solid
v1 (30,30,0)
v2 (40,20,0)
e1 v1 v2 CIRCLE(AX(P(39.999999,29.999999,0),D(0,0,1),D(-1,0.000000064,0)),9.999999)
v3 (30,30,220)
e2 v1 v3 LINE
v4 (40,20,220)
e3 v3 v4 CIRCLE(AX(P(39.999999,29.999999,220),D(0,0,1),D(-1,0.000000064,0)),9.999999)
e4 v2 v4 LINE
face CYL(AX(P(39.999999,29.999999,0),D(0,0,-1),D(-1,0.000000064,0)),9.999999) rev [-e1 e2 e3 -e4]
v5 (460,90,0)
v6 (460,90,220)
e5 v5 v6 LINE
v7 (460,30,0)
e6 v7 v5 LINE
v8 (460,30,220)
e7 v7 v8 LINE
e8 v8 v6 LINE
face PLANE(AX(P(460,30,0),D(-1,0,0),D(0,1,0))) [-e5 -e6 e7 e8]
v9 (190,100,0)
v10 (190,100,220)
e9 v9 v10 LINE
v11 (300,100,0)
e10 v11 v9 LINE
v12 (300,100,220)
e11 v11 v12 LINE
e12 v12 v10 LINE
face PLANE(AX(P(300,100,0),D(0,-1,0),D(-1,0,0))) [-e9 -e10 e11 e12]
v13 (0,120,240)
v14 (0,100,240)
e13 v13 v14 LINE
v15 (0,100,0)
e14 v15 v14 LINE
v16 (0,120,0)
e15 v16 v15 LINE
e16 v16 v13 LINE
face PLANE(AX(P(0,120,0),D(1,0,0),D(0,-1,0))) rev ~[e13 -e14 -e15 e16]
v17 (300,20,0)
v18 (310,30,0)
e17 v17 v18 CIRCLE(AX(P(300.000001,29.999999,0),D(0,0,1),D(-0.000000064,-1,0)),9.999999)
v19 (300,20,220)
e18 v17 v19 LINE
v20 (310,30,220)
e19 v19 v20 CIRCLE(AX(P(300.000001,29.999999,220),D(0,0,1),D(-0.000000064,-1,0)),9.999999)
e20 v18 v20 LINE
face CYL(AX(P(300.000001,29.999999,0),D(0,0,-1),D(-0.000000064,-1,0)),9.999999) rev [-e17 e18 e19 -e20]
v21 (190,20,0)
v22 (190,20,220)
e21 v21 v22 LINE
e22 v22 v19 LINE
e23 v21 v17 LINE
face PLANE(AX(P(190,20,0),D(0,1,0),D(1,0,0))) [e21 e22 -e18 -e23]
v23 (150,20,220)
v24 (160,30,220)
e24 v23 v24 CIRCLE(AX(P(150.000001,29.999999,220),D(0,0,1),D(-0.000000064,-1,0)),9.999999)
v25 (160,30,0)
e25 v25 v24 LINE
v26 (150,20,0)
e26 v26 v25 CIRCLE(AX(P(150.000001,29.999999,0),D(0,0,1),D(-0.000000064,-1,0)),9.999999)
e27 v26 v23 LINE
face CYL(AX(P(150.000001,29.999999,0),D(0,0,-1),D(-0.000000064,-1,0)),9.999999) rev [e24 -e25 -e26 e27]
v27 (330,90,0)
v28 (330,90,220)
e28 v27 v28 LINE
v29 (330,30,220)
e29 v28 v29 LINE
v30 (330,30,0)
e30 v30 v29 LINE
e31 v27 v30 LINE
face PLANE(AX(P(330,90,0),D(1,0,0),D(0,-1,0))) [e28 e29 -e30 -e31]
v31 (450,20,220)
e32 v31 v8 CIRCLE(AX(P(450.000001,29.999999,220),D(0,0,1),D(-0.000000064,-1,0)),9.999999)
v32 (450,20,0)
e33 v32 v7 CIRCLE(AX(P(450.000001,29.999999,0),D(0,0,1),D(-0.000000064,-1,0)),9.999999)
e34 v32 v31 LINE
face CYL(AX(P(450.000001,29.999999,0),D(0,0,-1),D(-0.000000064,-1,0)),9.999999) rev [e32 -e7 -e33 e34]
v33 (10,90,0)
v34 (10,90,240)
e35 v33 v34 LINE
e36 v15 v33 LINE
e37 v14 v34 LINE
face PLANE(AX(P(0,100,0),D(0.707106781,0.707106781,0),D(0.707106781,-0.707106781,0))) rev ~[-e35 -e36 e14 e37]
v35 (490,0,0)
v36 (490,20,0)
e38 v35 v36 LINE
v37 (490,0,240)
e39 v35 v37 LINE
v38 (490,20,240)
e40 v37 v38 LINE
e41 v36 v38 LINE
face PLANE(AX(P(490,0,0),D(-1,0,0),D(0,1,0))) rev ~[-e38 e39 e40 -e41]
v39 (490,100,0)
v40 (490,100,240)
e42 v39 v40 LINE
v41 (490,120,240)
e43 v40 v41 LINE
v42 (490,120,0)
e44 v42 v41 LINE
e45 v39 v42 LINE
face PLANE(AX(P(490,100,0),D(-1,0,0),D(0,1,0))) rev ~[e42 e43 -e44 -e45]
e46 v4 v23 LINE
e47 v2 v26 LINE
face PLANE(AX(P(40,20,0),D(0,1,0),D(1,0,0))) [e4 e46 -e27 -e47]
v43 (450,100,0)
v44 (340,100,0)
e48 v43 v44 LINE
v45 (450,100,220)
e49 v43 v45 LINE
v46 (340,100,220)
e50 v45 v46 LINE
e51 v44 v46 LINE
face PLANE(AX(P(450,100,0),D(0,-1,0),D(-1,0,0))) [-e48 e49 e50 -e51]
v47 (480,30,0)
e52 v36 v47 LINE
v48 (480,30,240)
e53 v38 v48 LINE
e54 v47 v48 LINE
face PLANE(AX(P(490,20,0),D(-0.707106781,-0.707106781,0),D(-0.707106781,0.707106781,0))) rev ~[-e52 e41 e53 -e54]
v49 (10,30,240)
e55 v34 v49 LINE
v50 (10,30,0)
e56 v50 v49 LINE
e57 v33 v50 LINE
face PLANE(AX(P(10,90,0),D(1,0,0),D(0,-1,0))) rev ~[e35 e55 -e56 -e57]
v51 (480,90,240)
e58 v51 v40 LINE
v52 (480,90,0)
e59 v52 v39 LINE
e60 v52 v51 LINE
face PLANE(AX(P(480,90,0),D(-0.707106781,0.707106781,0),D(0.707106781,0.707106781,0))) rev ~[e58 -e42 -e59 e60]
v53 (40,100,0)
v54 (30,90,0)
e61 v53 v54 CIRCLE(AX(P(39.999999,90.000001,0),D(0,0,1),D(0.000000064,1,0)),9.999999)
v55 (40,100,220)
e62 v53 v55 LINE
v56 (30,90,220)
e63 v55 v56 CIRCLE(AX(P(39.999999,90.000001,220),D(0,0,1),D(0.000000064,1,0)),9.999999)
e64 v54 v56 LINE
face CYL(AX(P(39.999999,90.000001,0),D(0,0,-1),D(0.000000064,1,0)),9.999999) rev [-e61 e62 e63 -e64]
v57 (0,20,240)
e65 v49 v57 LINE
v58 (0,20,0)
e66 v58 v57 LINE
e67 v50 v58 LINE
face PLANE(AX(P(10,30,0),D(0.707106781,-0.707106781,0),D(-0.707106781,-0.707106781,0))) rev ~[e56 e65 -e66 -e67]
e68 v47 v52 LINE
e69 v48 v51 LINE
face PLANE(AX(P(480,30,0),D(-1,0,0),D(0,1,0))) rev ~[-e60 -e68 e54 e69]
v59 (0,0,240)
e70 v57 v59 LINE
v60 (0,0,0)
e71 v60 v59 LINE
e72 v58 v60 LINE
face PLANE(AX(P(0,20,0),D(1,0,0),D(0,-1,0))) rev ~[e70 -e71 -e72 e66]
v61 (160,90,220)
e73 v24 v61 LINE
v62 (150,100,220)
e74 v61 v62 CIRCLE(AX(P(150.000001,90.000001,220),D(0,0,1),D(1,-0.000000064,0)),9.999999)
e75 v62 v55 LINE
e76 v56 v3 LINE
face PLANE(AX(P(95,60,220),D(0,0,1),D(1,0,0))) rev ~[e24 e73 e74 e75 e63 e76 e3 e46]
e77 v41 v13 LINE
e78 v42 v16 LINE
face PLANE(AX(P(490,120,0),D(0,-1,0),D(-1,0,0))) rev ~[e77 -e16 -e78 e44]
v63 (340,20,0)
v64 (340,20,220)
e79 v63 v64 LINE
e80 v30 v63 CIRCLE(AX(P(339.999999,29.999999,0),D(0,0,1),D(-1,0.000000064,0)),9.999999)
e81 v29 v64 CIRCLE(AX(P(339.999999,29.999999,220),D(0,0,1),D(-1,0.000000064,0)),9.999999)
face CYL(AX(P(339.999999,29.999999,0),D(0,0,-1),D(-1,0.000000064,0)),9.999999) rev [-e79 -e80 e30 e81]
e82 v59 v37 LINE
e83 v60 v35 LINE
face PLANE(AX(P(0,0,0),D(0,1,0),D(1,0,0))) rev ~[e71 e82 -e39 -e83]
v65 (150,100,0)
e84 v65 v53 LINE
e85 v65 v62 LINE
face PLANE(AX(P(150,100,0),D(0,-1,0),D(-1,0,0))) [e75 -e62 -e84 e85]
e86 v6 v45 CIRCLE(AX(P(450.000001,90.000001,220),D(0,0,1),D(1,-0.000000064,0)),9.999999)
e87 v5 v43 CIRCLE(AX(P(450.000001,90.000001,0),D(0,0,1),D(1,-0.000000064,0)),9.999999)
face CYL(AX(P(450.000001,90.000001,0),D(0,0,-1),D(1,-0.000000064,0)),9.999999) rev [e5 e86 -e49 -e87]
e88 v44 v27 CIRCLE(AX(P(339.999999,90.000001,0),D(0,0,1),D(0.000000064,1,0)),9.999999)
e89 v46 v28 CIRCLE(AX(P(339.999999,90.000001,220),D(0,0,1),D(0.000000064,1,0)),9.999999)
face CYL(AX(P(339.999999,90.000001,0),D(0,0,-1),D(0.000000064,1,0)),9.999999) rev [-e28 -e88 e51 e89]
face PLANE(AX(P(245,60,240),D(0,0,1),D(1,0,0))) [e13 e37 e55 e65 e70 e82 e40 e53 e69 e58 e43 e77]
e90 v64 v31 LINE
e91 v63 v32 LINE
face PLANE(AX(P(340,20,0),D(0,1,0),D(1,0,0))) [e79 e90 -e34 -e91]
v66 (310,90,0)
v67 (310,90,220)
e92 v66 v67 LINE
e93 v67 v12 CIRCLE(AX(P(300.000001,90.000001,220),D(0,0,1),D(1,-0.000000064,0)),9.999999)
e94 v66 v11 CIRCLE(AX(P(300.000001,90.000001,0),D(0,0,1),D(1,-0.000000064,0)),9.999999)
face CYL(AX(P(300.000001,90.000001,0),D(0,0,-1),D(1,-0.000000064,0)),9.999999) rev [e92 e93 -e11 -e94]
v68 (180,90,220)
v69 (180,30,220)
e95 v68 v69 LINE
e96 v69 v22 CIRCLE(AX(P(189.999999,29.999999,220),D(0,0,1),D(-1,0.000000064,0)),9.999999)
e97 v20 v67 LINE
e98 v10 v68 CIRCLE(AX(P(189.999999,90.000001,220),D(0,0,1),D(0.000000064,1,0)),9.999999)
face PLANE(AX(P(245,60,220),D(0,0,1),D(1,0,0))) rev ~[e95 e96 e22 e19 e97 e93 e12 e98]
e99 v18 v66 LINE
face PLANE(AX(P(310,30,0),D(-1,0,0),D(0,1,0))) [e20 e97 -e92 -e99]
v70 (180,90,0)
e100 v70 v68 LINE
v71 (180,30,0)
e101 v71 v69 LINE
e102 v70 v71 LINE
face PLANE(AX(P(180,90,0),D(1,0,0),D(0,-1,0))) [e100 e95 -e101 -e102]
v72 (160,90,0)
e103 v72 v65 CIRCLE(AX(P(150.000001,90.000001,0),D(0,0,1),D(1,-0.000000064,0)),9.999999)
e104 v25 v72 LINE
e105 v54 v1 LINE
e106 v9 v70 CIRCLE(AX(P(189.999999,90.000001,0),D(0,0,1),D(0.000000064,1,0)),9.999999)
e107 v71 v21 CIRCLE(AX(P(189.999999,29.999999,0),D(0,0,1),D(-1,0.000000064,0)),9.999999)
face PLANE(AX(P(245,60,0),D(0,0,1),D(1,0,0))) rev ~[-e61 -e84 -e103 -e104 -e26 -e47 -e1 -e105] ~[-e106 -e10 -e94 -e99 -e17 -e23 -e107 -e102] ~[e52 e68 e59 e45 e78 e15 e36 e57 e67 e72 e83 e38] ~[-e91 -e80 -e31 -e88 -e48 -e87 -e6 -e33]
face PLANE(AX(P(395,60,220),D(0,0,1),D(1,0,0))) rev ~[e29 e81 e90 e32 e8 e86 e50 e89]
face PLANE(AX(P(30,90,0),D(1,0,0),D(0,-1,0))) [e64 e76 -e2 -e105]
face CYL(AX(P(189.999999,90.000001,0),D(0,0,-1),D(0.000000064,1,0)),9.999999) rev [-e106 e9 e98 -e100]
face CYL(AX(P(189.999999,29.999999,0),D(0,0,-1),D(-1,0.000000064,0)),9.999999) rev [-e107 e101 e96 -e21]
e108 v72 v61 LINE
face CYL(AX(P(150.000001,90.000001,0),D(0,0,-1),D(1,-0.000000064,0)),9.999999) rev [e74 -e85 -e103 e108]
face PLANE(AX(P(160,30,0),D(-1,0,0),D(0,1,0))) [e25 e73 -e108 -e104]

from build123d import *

# Parameters (mm, degrees)
F1_DEPTH = 240
F2_DEPTH = 220


with BuildPart() as f1:
    # F0 (on Top) → F1 (new body)
    with BuildSketch(Plane.XY):
        Polygon((0, 20), (0, 0), (490, 0), (490, 20), (480, 30), (480, 60), (480, 90), (490, 100), (490, 120), (0, 120), (0, 100), (10, 90), (10, 60), (10, 30), align=None)
        with BuildLine():
            ThreePointArc((30, 90), (32.928932, 97.071068), (40, 100))
            Line((40, 100), (150, 100))
            ThreePointArc((150, 100), (157.071068, 97.071068), (160, 90))
            Line((160, 90), (160, 30))
            ThreePointArc((160, 30), (157.071068, 22.928932), (150, 20))
            Line((150, 20), (40, 20))
            ThreePointArc((40, 20), (32.928932, 22.928932), (30, 30))
            Line((30, 30), (30, 90))
        make_face(mode=Mode.SUBTRACT)
        with BuildLine():
            ThreePointArc((180, 90), (182.928932, 97.071068), (190, 100))
            Line((190, 100), (300, 100))
            ThreePointArc((300, 100), (307.071068, 97.071068), (310, 90))
            Line((310, 90), (310, 30))
            ThreePointArc((310, 30), (307.071068, 22.928932), (300, 20))
            Line((300, 20), (190, 20))
            ThreePointArc((190, 20), (182.928932, 22.928932), (180, 30))
            Line((180, 30), (180, 90))
        make_face(mode=Mode.SUBTRACT)
        with BuildLine():
            ThreePointArc((330, 90), (332.928932, 97.071068), (340, 100))
            Line((340, 100), (450, 100))
            ThreePointArc((450, 100), (457.071068, 97.071068), (460, 90))
            Line((460, 90), (460, 30))
            ThreePointArc((460, 30), (457.071068, 22.928932), (450, 20))
            Line((450, 20), (340, 20))
            ThreePointArc((340, 20), (332.928932, 22.928932), (330, 30))
            Line((330, 30), (330, 90))
        make_face(mode=Mode.SUBTRACT)
        with BuildLine():
            Line((150, 100), (40, 100))
            ThreePointArc((40, 100), (32.928932, 97.071068), (30, 90))
            Line((30, 90), (30, 30))
            ThreePointArc((30, 30), (32.928932, 22.928932), (40, 20))
            Line((40, 20), (150, 20))
            ThreePointArc((150, 20), (157.071068, 22.928932), (160, 30))
            Line((160, 30), (160, 90))
            ThreePointArc((160, 90), (157.071068, 97.071068), (150, 100))
        make_face()
        with BuildLine():
            Line((300, 100), (190, 100))
            ThreePointArc((190, 100), (182.928932, 97.071068), (180, 90))
            Line((180, 90), (180, 30))
            ThreePointArc((180, 30), (182.928932, 22.928932), (190, 20))
            Line((190, 20), (300, 20))
            ThreePointArc((300, 20), (307.071068, 22.928932), (310, 30))
            Line((310, 30), (310, 90))
            ThreePointArc((310, 90), (307.071068, 97.071068), (300, 100))
        make_face()
        with BuildLine():
            Line((450, 100), (340, 100))
            ThreePointArc((340, 100), (332.928932, 97.071068), (330, 90))
            Line((330, 90), (330, 30))
            ThreePointArc((330, 30), (332.928932, 22.928932), (340, 20))
            Line((340, 20), (450, 20))
            ThreePointArc((450, 20), (457.071068, 22.928932), (460, 30))
            Line((460, 30), (460, 90))
            ThreePointArc((460, 90), (457.071068, 97.071068), (450, 100))
        make_face()
    extrude(amount=F1_DEPTH)

    # F0 (on Top) → F2 (cut)
    with BuildSketch(Plane.XY):
        with BuildLine():
            Line((150, 100), (40, 100))
            ThreePointArc((40, 100), (32.928932, 97.071068), (30, 90))
            Line((30, 90), (30, 30))
            ThreePointArc((30, 30), (32.928932, 22.928932), (40, 20))
            Line((40, 20), (150, 20))
            ThreePointArc((150, 20), (157.071068, 22.928932), (160, 30))
            Line((160, 30), (160, 90))
            ThreePointArc((160, 90), (157.071068, 97.071068), (150, 100))
        make_face()
        with BuildLine():
            Line((300, 100), (190, 100))
            ThreePointArc((190, 100), (182.928932, 97.071068), (180, 90))
            Line((180, 90), (180, 30))
            ThreePointArc((180, 30), (182.928932, 22.928932), (190, 20))
            Line((190, 20), (300, 20))
            ThreePointArc((300, 20), (307.071068, 22.928932), (310, 30))
            Line((310, 30), (310, 90))
            ThreePointArc((310, 90), (307.071068, 97.071068), (300, 100))
        make_face()
        with BuildLine():
            Line((450, 100), (340, 100))
            ThreePointArc((340, 100), (332.928932, 97.071068), (330, 90))
            Line((330, 90), (330, 30))
            ThreePointArc((330, 30), (332.928932, 22.928932), (340, 20))
            Line((340, 20), (450, 20))
            ThreePointArc((450, 20), (457.071068, 22.928932), (460, 30))
            Line((460, 30), (460, 90))
            ThreePointArc((460, 90), (457.071068, 97.071068), (450, 100))
        make_face()
    extrude(amount=F2_DEPTH, mode=Mode.SUBTRACT)


solid = f1.part
